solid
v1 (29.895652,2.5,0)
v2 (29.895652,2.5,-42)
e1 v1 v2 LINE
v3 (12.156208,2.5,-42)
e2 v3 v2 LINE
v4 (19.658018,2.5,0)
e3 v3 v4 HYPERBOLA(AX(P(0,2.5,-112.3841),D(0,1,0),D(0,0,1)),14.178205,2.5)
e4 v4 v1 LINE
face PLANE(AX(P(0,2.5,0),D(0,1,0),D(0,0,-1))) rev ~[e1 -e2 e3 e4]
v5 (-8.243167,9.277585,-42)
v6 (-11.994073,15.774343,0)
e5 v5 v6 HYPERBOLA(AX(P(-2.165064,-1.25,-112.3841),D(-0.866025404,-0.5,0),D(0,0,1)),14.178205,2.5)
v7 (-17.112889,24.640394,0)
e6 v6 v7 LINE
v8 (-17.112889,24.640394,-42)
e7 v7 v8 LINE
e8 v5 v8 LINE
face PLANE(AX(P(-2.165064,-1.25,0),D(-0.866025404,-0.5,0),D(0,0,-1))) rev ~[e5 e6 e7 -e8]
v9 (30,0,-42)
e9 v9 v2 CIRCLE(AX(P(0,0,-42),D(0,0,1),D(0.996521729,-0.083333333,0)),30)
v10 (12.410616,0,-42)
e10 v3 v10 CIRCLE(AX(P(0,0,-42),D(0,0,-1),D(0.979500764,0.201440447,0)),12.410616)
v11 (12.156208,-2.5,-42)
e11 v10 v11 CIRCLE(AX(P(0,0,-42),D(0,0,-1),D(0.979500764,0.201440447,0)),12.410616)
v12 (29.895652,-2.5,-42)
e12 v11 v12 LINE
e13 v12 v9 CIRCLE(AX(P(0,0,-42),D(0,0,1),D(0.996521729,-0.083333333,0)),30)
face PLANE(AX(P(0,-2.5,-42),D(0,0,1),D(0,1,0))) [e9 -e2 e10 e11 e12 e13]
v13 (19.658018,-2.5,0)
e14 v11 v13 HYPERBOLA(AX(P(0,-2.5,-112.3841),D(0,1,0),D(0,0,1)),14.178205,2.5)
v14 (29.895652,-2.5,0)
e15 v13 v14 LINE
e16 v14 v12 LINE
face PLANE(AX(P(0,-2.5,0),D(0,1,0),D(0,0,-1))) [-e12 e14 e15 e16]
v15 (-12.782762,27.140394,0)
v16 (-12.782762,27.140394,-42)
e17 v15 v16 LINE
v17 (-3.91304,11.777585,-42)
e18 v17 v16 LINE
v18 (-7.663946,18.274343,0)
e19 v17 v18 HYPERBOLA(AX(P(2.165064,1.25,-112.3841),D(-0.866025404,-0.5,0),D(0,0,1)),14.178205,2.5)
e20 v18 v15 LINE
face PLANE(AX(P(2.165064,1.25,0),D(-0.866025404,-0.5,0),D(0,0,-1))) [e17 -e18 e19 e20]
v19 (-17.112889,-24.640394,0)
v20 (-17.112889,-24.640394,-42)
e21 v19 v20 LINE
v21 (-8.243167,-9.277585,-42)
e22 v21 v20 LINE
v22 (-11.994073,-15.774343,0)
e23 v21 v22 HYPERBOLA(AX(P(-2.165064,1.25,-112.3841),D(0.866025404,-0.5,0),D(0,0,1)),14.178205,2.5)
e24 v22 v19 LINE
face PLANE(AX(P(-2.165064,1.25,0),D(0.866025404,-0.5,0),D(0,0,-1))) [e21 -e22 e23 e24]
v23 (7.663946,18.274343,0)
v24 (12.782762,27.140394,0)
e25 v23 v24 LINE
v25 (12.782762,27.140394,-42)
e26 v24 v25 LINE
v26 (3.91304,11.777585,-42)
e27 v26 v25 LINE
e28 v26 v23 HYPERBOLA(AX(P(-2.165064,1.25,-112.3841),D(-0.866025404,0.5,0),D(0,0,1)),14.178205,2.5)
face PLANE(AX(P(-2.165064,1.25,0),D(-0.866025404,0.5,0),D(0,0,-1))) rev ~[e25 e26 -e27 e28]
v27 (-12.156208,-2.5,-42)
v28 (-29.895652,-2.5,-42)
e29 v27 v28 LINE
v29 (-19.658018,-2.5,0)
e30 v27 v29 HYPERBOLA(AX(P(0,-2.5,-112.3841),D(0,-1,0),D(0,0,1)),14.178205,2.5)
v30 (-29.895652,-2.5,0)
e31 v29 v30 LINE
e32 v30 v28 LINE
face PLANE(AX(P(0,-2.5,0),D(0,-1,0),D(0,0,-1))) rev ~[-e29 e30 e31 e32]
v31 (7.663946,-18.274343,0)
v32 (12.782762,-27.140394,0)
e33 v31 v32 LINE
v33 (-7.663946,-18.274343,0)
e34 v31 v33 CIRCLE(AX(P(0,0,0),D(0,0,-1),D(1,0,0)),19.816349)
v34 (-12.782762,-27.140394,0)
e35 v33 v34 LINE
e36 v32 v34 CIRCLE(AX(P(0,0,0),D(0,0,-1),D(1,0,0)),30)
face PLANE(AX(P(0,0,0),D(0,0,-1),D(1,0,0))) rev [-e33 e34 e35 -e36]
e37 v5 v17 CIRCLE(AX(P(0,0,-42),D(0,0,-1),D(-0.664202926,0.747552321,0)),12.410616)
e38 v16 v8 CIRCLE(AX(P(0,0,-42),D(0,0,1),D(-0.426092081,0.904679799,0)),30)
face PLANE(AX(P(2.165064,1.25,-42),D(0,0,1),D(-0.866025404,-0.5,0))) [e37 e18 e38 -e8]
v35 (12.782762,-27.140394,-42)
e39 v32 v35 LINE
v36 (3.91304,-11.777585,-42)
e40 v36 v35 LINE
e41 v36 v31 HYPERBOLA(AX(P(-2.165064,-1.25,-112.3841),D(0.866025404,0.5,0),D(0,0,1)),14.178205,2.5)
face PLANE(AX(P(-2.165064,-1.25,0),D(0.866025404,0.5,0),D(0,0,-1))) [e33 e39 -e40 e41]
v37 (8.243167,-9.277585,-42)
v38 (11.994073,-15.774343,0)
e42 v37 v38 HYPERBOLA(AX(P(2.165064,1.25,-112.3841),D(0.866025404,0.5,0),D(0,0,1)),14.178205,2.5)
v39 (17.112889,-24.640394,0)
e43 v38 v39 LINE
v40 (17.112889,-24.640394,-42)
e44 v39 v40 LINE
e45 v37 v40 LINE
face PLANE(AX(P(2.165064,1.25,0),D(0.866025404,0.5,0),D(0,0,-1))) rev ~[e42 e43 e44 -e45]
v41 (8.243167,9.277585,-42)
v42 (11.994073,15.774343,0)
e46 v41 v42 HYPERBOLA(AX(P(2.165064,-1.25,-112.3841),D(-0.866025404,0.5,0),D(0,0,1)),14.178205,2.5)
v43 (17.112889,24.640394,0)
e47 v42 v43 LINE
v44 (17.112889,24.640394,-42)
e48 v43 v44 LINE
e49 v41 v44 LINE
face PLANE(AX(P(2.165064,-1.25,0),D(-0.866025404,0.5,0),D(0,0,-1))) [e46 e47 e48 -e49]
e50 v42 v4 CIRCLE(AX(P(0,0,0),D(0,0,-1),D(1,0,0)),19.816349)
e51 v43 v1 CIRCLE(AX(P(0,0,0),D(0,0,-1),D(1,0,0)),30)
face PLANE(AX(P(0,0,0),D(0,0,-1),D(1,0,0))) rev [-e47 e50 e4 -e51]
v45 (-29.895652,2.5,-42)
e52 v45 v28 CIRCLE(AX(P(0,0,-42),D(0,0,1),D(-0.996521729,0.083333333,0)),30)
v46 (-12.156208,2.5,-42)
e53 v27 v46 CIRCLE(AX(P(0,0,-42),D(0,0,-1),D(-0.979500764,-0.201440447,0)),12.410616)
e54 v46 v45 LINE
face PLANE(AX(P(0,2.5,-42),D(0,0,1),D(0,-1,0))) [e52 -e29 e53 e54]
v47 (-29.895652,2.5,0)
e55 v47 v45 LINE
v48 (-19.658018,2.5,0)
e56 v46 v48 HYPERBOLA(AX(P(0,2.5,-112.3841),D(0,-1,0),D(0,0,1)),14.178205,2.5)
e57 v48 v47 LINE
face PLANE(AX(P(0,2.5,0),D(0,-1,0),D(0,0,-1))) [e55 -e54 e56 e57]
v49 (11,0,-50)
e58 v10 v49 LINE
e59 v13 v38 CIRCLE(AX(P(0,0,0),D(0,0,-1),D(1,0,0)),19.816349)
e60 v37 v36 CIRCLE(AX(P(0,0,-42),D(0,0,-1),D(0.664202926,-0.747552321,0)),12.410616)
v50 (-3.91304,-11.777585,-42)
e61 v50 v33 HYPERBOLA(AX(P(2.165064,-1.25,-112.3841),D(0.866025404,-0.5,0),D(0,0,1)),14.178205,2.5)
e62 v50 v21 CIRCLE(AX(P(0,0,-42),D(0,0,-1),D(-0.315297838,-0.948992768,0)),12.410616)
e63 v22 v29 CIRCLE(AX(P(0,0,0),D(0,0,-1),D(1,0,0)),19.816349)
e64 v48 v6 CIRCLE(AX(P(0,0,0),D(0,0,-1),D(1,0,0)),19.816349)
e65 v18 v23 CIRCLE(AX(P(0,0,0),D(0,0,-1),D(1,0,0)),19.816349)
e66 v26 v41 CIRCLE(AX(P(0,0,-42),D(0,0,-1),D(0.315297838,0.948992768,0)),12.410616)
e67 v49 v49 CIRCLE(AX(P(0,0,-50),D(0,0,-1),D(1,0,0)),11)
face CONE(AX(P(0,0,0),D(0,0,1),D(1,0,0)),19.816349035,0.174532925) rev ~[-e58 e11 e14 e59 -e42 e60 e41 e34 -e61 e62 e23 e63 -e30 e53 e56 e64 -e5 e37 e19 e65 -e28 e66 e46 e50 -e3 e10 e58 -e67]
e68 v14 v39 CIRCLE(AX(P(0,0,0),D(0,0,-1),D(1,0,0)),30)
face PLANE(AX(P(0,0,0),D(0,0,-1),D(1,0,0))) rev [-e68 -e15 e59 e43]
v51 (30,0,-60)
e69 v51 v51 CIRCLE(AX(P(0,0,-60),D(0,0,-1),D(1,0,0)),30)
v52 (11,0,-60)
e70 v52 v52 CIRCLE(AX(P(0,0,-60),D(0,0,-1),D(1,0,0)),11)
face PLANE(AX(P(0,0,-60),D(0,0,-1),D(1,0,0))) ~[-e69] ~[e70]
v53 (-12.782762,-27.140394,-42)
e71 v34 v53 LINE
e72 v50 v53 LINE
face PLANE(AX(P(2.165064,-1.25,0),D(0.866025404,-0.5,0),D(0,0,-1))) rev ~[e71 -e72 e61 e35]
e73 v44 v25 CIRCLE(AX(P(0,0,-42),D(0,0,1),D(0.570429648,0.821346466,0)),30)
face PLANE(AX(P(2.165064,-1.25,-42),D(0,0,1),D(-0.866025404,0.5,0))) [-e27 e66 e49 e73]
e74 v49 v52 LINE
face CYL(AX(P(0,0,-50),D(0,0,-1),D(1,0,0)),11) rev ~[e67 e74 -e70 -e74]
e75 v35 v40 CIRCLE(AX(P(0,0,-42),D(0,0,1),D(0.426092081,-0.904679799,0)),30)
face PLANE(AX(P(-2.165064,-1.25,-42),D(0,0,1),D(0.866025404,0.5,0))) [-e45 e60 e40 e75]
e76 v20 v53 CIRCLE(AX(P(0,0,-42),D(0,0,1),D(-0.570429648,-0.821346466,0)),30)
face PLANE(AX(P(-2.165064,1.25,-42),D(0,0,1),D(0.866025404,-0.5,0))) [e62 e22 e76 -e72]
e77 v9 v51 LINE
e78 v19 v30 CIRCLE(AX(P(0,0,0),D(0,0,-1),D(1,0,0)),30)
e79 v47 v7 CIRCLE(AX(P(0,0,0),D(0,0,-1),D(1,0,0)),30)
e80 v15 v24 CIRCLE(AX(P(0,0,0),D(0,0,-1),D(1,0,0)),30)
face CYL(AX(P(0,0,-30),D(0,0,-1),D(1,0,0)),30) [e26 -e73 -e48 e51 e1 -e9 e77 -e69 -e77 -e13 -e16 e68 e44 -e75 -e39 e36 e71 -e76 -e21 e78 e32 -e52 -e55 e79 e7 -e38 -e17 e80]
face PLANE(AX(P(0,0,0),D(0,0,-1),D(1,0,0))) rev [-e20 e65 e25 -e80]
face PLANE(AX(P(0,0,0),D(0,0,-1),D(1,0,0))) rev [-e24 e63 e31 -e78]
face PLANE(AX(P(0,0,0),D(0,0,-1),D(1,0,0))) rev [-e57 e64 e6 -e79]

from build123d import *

# Parameters (mm, degrees)
SKETCH4_W          = 60
SKETCH4_H          = 30
CUT_EXTRUDE1_REACH = 75.485
SKETCH6_W          = 42
SKETCH6_H          = 5
CIRPATTERN3_COUNT  = 6


with BuildPart() as part:
    # Sketch4 → Revolve1 (revolve)
    with BuildSketch(Plane(origin=(0, 0, 0), x_dir=(0, 0, -1), z_dir=(1, 0, 0)), mode=Mode.PRIVATE) as revolve1_sk:
        with Locations((30, 15)):
            Rectangle(SKETCH4_W, SKETCH4_H)
    revolve(revolve1_sk.sketch.rotate(Axis((0, 0, 24.398391619), (0, 0, -1)), 90), axis=Axis((0, 0, 24.398391619), (0, 0, -1)))

    # Sketch5 → Cut-Revolve1 (revolve, cut)
    with BuildSketch(Plane(origin=(0, 0, 0), x_dir=(0, 0, -1), z_dir=(1, 0, 0)), mode=Mode.PRIVATE) as cut_revolve1_sk:
        Polygon((0, 0), (0, 19.816349035), (50, 11), (60, 11), (60, 0), align=None)
    revolve(cut_revolve1_sk.sketch.rotate(Axis((0, 0, 8.48865663), (0, 0, -1)), 90), axis=Axis((0, 0, 8.48865663), (0, 0, -1)), mode=Mode.SUBTRACT)

    # Sketch6 → Cut-Extrude1 (cut, up to next)
    with BuildSketch(Plane(origin=(0, 0, 0), x_dir=(0, 0, -1), z_dir=(1, 0, 0)), mode=Mode.PRIVATE) as cut_extrude1_sk1:
        with Locations((21, 0)):
            Rectangle(SKETCH6_W, SKETCH6_H)
    cut_extrude1_tool1 = extrude(cut_extrude1_sk1.sketch, amount=CUT_EXTRUDE1_REACH, mode=Mode.PRIVATE) & part.part
    cut_extrude1 = cut_extrude1_tool1.solids().sort_by_distance((0, 0, -21))[0]
    add(cut_extrude1, mode=Mode.SUBTRACT)

    # CirPattern3: Cut-Extrude1 ×6 about axis
    cirpattern3_axis = Axis((0, 0, 0), (0, 0, 1))
    for i in range(1, CIRPATTERN3_COUNT):
        add(cut_extrude1.rotate(cirpattern3_axis, i * 360 / CIRPATTERN3_COUNT), mode=Mode.SUBTRACT)


solid = part.part
